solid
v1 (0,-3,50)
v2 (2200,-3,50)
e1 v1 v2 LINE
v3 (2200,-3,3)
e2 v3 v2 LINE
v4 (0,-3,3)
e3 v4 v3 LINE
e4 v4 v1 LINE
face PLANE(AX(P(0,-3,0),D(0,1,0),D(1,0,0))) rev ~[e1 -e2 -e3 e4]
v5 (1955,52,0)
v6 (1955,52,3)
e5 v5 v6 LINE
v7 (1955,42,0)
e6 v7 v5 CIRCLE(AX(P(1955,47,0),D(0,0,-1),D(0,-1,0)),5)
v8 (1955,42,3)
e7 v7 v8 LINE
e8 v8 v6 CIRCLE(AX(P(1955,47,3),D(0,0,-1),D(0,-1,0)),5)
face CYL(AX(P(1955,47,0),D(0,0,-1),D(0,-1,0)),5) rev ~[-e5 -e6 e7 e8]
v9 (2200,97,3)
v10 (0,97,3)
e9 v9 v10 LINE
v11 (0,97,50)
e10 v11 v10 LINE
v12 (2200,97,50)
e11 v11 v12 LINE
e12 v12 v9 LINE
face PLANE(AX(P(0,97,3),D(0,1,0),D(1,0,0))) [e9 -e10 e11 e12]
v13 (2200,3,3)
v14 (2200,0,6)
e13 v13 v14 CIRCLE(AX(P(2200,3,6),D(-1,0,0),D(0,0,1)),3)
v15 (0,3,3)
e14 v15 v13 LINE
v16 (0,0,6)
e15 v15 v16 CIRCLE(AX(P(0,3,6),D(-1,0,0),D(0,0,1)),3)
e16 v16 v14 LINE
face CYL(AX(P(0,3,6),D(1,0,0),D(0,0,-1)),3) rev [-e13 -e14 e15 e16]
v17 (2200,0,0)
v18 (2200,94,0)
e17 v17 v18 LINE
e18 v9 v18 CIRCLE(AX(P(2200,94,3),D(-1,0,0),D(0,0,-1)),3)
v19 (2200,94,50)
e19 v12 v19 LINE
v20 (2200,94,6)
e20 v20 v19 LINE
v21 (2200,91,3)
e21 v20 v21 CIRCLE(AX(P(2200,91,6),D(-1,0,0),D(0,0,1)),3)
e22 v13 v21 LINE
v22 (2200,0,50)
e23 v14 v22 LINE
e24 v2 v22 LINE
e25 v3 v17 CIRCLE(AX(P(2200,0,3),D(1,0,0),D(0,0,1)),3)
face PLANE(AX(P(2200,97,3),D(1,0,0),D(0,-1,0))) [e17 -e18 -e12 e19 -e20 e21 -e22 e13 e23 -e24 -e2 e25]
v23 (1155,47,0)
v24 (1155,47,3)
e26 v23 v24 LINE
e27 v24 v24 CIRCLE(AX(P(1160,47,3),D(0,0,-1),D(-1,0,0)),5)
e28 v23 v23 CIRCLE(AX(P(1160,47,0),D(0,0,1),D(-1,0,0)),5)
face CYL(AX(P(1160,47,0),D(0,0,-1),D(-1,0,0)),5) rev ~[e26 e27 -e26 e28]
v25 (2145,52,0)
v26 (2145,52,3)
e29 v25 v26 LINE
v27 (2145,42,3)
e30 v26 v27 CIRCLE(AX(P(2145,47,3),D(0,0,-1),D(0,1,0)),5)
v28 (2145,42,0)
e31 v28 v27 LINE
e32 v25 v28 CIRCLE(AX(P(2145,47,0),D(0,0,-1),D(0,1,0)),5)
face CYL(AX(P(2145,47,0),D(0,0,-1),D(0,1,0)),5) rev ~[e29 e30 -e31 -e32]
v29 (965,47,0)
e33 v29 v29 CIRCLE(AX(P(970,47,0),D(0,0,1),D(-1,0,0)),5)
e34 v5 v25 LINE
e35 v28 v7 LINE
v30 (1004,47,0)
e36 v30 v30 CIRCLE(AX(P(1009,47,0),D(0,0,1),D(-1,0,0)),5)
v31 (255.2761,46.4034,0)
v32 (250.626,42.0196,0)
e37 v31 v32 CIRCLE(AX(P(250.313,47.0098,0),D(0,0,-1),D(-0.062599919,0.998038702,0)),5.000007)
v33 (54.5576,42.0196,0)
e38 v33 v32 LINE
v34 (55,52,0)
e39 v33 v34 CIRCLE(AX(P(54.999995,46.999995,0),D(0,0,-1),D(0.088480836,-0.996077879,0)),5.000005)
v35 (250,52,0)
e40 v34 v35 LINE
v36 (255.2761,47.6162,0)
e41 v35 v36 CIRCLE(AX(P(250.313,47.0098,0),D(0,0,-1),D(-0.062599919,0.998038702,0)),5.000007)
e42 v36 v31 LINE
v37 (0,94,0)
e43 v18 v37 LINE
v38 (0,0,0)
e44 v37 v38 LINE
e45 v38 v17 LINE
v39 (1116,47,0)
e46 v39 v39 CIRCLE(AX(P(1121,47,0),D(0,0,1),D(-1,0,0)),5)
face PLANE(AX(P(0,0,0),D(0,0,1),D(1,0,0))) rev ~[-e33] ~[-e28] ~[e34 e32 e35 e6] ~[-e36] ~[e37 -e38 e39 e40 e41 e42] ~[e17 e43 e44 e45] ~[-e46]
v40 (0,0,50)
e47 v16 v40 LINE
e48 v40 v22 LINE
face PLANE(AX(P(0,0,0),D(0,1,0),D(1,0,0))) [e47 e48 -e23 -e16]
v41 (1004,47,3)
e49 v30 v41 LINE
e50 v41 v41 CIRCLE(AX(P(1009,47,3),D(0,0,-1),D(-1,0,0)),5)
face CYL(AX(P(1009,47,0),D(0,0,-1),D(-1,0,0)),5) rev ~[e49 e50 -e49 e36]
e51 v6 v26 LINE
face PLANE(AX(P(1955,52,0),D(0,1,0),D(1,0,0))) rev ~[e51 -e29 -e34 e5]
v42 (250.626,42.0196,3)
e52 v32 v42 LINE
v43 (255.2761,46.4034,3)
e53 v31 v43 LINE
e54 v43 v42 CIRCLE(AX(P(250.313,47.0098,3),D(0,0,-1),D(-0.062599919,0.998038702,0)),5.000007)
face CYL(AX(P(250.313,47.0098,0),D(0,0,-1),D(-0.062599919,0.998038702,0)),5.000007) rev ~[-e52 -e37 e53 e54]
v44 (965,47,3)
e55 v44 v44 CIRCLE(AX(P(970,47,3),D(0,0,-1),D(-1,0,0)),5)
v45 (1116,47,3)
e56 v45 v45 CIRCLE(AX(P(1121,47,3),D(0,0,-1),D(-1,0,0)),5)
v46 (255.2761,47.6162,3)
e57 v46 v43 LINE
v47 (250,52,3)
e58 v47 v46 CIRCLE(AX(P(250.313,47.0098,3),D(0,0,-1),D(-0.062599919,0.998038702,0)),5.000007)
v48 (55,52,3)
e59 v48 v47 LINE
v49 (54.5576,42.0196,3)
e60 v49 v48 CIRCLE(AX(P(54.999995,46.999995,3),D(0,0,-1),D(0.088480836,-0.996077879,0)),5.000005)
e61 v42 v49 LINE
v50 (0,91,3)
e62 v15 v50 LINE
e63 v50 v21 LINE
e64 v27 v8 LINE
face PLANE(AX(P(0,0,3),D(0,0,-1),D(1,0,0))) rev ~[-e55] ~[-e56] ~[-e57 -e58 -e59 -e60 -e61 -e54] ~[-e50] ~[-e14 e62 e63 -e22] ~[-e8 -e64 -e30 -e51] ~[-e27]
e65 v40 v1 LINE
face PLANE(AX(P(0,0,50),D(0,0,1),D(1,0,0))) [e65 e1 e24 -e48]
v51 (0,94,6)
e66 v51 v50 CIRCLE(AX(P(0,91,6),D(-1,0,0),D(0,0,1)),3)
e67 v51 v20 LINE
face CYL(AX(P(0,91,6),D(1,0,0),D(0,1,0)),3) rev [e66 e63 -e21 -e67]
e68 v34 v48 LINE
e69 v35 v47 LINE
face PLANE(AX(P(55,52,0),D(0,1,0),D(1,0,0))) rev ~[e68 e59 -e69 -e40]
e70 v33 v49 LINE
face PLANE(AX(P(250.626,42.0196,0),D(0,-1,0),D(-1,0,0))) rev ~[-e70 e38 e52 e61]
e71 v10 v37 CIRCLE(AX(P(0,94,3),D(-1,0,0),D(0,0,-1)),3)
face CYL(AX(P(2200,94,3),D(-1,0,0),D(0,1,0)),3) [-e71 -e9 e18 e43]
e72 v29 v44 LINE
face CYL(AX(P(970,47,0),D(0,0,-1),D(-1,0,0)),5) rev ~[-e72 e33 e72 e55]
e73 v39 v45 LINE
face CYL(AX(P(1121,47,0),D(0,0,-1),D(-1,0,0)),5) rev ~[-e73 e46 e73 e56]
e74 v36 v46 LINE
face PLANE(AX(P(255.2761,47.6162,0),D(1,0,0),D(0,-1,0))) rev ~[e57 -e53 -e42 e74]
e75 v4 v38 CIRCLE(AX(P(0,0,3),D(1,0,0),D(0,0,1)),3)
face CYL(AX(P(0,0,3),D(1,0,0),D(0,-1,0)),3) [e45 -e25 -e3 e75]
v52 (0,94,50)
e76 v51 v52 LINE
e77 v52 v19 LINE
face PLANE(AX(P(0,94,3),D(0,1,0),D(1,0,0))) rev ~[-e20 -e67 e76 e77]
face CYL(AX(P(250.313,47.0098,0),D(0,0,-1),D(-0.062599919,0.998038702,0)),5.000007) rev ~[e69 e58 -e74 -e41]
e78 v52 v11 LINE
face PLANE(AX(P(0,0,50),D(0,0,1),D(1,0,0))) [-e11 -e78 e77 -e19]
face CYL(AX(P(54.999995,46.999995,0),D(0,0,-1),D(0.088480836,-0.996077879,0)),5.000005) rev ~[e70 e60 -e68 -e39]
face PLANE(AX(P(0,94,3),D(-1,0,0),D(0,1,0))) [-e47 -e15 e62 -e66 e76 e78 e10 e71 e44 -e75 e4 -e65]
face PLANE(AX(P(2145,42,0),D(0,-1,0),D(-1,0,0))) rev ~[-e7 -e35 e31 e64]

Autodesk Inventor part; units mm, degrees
ref_plane "YZ Plane" through (0, 0, 0) normal (1, 0, 0) x (0, 1, 0)
ref_plane "XZ Plane" through (0, 0, 0) normal (0, 1, 0) x (-1, 0, 0)
ref_plane "XY Plane" through (0, 0, 0) normal (0, 0, 1) x (1, 0, 0)
sketch "Sketch1" plane through (0, 0, 0) normal (0, 0, 1) x (1, 0, 0)
  line L0 (0, 0) -> (2200, 0)
  line L1 (0, 0) -> (0, -3)
  line L2 (0, -3) -> (2200, -3)
  line L3 (2200, -3) -> (2200, 0)
  dimension "d0" = 2200
  dimension "d1" = 3
  dimension "d2" = 2200
extrude "Extrusion1" add sketch "Sketch1" along normal blind 50
sketch "Sketch2" plane through (0, 0, 0) normal (0, 1, 0) x (1, 0, 0)
  line L0 (0, 0) -> (0, -50) projected
  line L1 (0, -3) -> (2200, -3)
  line L2 (2200, 0) -> (0, 0) projected
  line L3 (0, -3) -> (0, 0)
  line L4 (0, 0) -> (2200, 0)
  line L5 (2200, 0) -> (2200, -50) projected
  line L6 (2200, 0) -> (2200, -3)
  dimension "d5" = 2200
  dimension "d6" = 3
extrude "Extrusion2" add sketch "Sketch2" along normal blind 97
sketch "Sketch3" plane through (0, 0, 3) normal (0, 0, 1) x (1, 0, 0)
  line L0 (0, -3) -> (0, 97) projected
  line L1 (0, 94) -> (2200, 94)
  line L2 (0, 97) -> (2200, 97) projected
  line L3 (0, 94) -> (0, 97)
  line L4 (0, 97) -> (2200, 97)
  line L5 (2200, 97) -> (2200, 94)
  point P0 (0, 0)
  dimension "d9" = 3
  dimension "d10" = 2200
extrude "Extrusion3" add sketch "Sketch3" along normal blind 47
fillet "Fillet1" radius 3 4 edges at (1100, -3, 0) (1100, 97, 0) (1100, 0, 3) (1100, 94, 3)
sketch "Sketch4" plane through (0, 0, 0) normal (0, 0, -1) x (-1, 0, 0)
  line L0 (0, 0) -> (0, 94) projected
  line L1 (-55, 52) -> (-250, 52)
  line L2 (-255.2761, 47.6162) -> (-255.2761, 46.4034)
  line L3 (-250.626, 42.0196) -> (-54.5576, 42.0196)
  arc A0 (-250, 52) -> (-250, 42.0196) centre (-250.313, 47.0098) ccw
  arc A1 (-55.4424, 42.0196) -> (-55, 52) centre (-55, 47) ccw
  dimension "d16" = 10
extrude "Extrusion4" cut sketch "Sketch4" against normal through all contours A1 L3 A0 L2 L1
sketch "Sketch5" plane through (0, 0, 0) normal (0, 0, -1) x (-1, 0, 0)
  line L0 (-2200, 3) -> (-2200, 91) projected
  line L1 (-2145, 42) -> (-1955, 42)
  line L2 (-1955, 52) -> (-2145, 52)
  arc A0 (-2145, 52) -> (-2145, 42) centre (-2145, 47) ccw
  arc A1 (-1955, 42) -> (-1955, 52) centre (-1955, 47) ccw
  point P0 (0, 0)
extrude "Extrusion5" cut sketch "Sketch5" against normal blind 10
sketch "Sketch8" plane through (0, 0, 0) normal (0, 0, -1) x (-1, 0, 0)
  point P0 (0, 0)
sketch "Sketch9" plane through (0, 0, 0) normal (0, 0, -1) x (-1, 0, 0)
  arc A0 (-1155, 52) -> (-1165, 52) centre (-1160, 52) ccw
  arc A1 (-1116, 52) -> (-1126, 52) centre (-1121, 52) ccw
  arc A2 (-1004, 52) -> (-1014, 52) centre (-1009, 52) ccw
  arc A3 (-965, 52) -> (-975, 52) centre (-970, 52) ccw
  line L0 (-1160, 52) -> (-1160, 47)
  circle A4 centre (-1160, 47) radius 5
  line L1 (-1160, 47) -> (-965, 47)
  line L2 (-1121, 57) -> (-1121, 47)
  line L3 (-1009, 57) -> (-1009, 47)
  line L4 (-970, 57) -> (-970, 47)
  circle A5 centre (-1121, 47) radius 5
  circle A6 centre (-1009, 47) radius 5
  circle A7 centre (-970, 47) radius 5
  point P0 (0, 0)
extrude "Extrusion7" cut sketch "Sketch9" against normal through all
properties part number "ThanhKe"
